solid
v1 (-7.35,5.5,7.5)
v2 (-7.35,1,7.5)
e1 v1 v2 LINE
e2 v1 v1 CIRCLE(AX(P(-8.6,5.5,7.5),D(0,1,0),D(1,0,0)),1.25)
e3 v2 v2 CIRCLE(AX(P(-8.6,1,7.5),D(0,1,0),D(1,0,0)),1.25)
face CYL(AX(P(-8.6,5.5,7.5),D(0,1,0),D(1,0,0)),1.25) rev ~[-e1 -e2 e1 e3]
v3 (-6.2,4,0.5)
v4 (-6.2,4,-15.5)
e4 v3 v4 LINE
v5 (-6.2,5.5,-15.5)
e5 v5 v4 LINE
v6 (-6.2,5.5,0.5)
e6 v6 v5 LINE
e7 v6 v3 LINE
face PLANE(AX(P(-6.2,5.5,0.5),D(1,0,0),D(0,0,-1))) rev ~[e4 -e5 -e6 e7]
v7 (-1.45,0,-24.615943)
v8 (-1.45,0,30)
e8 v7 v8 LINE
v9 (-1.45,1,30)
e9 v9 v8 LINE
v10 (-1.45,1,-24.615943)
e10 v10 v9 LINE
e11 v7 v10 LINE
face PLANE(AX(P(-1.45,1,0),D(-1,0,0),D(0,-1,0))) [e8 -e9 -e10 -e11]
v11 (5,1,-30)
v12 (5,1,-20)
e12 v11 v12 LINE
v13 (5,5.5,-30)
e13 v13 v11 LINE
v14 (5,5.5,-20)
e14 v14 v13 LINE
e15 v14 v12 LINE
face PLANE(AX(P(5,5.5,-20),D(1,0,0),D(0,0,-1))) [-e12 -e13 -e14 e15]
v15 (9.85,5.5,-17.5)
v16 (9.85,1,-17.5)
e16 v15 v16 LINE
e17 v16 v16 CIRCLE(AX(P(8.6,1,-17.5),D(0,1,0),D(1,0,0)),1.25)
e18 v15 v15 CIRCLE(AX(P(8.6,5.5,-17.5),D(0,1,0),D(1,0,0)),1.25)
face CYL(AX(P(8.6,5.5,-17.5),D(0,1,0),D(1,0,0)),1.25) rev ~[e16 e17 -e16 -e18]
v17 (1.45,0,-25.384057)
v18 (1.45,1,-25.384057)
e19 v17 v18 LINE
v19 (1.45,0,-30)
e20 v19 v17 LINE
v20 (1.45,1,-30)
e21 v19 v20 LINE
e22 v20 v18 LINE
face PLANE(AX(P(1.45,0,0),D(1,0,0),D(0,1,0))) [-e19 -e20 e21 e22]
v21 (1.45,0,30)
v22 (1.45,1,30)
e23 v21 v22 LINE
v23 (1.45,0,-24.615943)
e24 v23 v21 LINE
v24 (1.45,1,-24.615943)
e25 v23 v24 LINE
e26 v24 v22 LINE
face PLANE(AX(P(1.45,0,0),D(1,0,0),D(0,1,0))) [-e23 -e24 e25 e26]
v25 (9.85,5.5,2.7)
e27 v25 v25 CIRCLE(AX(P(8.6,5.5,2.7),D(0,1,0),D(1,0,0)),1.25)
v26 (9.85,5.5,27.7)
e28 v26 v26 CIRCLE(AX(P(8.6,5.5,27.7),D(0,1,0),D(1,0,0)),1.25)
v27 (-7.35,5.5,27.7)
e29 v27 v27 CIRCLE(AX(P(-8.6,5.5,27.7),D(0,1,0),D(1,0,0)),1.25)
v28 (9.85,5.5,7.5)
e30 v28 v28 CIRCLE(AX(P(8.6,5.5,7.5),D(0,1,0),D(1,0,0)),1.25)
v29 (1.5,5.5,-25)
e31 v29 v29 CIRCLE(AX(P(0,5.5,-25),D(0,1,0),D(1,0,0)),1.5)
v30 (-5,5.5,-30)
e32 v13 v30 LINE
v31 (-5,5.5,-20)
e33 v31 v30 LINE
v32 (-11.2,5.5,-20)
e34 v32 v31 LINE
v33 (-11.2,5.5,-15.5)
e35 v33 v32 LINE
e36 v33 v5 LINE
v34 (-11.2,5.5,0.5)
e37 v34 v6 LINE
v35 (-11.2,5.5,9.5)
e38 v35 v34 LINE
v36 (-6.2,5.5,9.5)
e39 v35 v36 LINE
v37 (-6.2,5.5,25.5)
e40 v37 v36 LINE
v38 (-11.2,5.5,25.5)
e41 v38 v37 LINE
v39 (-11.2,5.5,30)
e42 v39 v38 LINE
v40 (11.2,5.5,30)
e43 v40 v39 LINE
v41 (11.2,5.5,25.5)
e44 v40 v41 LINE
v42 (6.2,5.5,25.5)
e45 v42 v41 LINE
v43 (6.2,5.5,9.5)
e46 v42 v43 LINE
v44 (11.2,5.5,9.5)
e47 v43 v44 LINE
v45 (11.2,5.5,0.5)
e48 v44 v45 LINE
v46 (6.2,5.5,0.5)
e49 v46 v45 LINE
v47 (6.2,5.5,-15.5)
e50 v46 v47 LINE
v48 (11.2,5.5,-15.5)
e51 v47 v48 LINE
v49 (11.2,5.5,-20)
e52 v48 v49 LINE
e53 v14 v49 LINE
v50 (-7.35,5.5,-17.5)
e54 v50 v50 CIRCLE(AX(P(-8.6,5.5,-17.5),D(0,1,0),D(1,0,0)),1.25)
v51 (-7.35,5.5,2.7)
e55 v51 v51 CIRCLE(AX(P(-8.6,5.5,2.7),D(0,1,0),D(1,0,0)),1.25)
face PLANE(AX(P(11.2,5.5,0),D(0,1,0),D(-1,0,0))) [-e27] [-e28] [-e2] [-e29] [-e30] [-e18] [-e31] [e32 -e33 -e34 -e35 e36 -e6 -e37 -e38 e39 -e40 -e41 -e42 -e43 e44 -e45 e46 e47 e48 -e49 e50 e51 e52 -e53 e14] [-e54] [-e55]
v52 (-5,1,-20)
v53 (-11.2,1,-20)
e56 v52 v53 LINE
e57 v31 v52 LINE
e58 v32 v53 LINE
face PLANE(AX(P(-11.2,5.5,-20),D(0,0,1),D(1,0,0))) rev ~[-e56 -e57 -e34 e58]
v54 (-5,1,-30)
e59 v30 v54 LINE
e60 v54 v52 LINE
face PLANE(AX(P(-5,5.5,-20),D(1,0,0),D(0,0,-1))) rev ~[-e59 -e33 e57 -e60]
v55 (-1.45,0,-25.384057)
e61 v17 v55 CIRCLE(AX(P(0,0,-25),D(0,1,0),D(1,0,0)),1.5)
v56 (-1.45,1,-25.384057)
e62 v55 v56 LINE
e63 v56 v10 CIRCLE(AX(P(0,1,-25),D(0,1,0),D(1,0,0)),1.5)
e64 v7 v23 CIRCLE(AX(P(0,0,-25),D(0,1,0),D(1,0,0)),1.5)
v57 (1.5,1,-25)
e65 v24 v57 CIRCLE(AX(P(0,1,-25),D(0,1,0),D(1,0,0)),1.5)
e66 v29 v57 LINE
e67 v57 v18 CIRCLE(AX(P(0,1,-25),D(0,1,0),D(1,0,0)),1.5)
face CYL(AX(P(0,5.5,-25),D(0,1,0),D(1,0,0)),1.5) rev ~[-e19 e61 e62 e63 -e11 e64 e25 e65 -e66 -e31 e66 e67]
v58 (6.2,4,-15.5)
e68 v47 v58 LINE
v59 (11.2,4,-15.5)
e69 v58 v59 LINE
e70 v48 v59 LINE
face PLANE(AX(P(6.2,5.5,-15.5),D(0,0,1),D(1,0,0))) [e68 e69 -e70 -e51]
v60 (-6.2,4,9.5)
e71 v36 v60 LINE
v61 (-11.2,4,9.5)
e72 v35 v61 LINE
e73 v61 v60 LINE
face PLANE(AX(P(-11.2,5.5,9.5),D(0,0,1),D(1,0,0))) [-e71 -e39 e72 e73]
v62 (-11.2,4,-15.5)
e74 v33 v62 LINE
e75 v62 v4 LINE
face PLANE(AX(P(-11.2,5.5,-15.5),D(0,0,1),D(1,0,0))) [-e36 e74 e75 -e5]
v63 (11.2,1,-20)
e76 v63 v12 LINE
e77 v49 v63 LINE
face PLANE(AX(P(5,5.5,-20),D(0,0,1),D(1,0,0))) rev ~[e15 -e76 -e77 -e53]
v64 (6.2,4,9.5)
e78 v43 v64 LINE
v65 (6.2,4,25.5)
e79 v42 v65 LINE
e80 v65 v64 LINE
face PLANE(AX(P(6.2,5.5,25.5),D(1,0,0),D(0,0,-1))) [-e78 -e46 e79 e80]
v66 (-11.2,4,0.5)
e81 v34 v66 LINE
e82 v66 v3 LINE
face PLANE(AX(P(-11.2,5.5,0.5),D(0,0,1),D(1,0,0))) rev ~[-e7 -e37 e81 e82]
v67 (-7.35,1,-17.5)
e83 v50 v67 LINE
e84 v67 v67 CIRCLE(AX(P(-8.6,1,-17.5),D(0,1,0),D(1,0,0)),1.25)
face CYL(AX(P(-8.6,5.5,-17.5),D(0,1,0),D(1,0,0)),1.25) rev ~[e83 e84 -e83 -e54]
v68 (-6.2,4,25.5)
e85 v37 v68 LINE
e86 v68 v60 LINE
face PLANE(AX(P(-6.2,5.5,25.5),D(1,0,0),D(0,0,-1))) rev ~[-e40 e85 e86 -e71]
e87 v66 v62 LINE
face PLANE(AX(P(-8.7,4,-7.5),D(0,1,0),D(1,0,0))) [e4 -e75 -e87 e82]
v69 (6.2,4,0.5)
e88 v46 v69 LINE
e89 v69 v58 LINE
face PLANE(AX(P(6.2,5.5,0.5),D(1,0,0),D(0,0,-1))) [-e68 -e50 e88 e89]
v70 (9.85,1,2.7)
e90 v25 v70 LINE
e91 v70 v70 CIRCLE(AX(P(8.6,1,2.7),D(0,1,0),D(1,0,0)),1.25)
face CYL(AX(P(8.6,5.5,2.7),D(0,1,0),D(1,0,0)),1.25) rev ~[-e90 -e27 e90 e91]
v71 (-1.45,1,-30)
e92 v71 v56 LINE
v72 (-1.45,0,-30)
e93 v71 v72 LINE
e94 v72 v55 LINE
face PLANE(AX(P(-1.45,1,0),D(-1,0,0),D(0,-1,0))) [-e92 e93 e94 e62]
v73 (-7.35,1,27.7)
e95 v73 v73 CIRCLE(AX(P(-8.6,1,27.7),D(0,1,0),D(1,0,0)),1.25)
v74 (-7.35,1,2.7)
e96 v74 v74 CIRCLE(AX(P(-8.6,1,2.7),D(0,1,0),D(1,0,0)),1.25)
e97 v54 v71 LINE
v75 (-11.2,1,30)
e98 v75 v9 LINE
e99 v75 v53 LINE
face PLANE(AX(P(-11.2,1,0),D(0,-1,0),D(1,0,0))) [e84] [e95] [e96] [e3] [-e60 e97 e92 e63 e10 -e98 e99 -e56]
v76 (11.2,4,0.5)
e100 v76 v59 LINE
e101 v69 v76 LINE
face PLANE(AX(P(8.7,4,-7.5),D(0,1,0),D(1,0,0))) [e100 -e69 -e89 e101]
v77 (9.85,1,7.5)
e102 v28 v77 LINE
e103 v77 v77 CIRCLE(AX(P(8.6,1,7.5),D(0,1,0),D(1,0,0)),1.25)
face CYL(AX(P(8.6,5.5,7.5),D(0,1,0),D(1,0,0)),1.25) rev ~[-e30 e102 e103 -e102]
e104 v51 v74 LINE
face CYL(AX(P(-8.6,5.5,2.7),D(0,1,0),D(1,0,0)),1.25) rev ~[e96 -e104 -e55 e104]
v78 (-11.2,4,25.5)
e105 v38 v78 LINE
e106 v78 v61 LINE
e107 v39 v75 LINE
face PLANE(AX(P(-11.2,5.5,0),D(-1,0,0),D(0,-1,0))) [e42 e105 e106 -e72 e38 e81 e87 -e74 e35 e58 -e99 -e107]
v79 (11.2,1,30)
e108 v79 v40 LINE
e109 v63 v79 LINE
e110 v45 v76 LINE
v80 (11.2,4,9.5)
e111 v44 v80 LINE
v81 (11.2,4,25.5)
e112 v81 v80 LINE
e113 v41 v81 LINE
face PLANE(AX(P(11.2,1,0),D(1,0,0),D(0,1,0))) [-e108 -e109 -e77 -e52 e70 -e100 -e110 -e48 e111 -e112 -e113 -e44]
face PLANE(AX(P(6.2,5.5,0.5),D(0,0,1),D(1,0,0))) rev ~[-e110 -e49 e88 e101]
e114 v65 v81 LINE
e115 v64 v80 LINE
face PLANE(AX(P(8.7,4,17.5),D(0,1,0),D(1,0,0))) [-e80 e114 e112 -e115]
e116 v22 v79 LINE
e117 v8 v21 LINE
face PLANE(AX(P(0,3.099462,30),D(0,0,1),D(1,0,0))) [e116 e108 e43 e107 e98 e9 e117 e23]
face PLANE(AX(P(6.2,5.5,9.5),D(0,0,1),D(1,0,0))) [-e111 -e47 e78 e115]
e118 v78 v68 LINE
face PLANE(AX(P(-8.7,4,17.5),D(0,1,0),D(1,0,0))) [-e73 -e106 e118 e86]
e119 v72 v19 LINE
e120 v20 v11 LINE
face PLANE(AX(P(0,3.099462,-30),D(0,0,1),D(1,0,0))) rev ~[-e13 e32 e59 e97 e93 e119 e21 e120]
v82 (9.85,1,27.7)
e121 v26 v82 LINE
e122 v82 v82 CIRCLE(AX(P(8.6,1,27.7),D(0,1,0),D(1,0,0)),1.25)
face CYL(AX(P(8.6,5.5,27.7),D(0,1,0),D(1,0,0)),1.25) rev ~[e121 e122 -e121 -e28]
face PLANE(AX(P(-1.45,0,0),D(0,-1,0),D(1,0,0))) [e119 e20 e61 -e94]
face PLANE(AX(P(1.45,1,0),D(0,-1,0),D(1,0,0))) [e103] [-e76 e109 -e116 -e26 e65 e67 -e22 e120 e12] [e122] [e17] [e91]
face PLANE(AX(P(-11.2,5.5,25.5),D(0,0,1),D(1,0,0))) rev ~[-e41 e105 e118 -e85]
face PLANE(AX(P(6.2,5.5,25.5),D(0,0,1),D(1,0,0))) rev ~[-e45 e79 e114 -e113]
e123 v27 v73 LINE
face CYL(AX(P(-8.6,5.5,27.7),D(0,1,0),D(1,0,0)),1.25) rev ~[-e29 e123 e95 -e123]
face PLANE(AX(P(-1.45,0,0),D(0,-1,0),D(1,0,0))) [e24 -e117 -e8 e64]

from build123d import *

# Parameters (mm, degrees)
BOSS_EXTRUDE1_DEPTH = 30
SKETCH3_R           = 1.5
SKETCH3_W           = 6.2
SKETCH3_H           = 10
MAKERBEAMFIX_DEPTH  = 6.5
SKETCH4_R           = 1.25
FIXHOLES_DEPTH      = 6.5
SKETCH5_W           = 5
SKETCH5_H           = 16
PINFIXHOLES_DEPTH   = 1.5
LPATTERN1_COUNT     = 2
LPATTERN1_PITCH     = 25


with BuildPart() as part:
    # Sketch1 → Boss-Extrude1 (new body, symmetric)
    with BuildSketch(Plane.XY):
        Polygon((-11.2, 1), (-1.45, 1), (-1.45, 0), (1.45, 0), (1.45, 1), (11.2, 1), (11.2, 5.5), (-11.2, 5.5), align=None)
    extrude(amount=BOSS_EXTRUDE1_DEPTH, both=True)

    # Sketch3 → MakerBeamFix (cut, through all)
    with BuildSketch(Plane(origin=(0, 5.5, 0), x_dir=(1, 0, 0), z_dir=(0, 1, 0))):
        with Locations((0, 25)):
            Circle(SKETCH3_R)
        with Locations((-8.1, 25)):
            Rectangle(SKETCH3_W, SKETCH3_H)
        with Locations((8.1, 25)):
            Rectangle(SKETCH3_W, SKETCH3_H)
    extrude(amount=-MAKERBEAMFIX_DEPTH, mode=Mode.SUBTRACT)

    # Sketch4 → FixHoles (cut, through all)
    with BuildSketch(Plane(origin=(0, 5.5, 0), x_dir=(1, 0, 0), z_dir=(0, 1, 0))):
        with Locations((-8.6, 17.5)):
            Circle(SKETCH4_R)
        with Locations((8.6, 17.5)):
            Circle(SKETCH4_R)
        with Locations((-8.6, -2.7)):
            Circle(SKETCH4_R)
        with Locations((8.6, -2.7)):
            Circle(SKETCH4_R)
    fixholes = extrude(amount=-FIXHOLES_DEPTH, mode=Mode.SUBTRACT)

    # Sketch5 → PinFixHoles (cut)
    with BuildSketch(Plane(origin=(0, 5.5, 0), x_dir=(1, 0, 0), z_dir=(0, 1, 0))):
        with Locations((-8.7, 7.5)):
            Rectangle(SKETCH5_W, SKETCH5_H)
        with Locations((8.7, 7.5)):
            Rectangle(SKETCH5_W, SKETCH5_H)
    pinfixholes = extrude(amount=-PINFIXHOLES_DEPTH, mode=Mode.SUBTRACT)

    # LPattern1: FixHoles, PinFixHoles ×2
    with Locations(*[(0, 0, i * LPATTERN1_PITCH) for i in range(1, LPATTERN1_COUNT)]):
        add(fixholes, mode=Mode.SUBTRACT)
        add(pinfixholes, mode=Mode.SUBTRACT)


solid = part.part
